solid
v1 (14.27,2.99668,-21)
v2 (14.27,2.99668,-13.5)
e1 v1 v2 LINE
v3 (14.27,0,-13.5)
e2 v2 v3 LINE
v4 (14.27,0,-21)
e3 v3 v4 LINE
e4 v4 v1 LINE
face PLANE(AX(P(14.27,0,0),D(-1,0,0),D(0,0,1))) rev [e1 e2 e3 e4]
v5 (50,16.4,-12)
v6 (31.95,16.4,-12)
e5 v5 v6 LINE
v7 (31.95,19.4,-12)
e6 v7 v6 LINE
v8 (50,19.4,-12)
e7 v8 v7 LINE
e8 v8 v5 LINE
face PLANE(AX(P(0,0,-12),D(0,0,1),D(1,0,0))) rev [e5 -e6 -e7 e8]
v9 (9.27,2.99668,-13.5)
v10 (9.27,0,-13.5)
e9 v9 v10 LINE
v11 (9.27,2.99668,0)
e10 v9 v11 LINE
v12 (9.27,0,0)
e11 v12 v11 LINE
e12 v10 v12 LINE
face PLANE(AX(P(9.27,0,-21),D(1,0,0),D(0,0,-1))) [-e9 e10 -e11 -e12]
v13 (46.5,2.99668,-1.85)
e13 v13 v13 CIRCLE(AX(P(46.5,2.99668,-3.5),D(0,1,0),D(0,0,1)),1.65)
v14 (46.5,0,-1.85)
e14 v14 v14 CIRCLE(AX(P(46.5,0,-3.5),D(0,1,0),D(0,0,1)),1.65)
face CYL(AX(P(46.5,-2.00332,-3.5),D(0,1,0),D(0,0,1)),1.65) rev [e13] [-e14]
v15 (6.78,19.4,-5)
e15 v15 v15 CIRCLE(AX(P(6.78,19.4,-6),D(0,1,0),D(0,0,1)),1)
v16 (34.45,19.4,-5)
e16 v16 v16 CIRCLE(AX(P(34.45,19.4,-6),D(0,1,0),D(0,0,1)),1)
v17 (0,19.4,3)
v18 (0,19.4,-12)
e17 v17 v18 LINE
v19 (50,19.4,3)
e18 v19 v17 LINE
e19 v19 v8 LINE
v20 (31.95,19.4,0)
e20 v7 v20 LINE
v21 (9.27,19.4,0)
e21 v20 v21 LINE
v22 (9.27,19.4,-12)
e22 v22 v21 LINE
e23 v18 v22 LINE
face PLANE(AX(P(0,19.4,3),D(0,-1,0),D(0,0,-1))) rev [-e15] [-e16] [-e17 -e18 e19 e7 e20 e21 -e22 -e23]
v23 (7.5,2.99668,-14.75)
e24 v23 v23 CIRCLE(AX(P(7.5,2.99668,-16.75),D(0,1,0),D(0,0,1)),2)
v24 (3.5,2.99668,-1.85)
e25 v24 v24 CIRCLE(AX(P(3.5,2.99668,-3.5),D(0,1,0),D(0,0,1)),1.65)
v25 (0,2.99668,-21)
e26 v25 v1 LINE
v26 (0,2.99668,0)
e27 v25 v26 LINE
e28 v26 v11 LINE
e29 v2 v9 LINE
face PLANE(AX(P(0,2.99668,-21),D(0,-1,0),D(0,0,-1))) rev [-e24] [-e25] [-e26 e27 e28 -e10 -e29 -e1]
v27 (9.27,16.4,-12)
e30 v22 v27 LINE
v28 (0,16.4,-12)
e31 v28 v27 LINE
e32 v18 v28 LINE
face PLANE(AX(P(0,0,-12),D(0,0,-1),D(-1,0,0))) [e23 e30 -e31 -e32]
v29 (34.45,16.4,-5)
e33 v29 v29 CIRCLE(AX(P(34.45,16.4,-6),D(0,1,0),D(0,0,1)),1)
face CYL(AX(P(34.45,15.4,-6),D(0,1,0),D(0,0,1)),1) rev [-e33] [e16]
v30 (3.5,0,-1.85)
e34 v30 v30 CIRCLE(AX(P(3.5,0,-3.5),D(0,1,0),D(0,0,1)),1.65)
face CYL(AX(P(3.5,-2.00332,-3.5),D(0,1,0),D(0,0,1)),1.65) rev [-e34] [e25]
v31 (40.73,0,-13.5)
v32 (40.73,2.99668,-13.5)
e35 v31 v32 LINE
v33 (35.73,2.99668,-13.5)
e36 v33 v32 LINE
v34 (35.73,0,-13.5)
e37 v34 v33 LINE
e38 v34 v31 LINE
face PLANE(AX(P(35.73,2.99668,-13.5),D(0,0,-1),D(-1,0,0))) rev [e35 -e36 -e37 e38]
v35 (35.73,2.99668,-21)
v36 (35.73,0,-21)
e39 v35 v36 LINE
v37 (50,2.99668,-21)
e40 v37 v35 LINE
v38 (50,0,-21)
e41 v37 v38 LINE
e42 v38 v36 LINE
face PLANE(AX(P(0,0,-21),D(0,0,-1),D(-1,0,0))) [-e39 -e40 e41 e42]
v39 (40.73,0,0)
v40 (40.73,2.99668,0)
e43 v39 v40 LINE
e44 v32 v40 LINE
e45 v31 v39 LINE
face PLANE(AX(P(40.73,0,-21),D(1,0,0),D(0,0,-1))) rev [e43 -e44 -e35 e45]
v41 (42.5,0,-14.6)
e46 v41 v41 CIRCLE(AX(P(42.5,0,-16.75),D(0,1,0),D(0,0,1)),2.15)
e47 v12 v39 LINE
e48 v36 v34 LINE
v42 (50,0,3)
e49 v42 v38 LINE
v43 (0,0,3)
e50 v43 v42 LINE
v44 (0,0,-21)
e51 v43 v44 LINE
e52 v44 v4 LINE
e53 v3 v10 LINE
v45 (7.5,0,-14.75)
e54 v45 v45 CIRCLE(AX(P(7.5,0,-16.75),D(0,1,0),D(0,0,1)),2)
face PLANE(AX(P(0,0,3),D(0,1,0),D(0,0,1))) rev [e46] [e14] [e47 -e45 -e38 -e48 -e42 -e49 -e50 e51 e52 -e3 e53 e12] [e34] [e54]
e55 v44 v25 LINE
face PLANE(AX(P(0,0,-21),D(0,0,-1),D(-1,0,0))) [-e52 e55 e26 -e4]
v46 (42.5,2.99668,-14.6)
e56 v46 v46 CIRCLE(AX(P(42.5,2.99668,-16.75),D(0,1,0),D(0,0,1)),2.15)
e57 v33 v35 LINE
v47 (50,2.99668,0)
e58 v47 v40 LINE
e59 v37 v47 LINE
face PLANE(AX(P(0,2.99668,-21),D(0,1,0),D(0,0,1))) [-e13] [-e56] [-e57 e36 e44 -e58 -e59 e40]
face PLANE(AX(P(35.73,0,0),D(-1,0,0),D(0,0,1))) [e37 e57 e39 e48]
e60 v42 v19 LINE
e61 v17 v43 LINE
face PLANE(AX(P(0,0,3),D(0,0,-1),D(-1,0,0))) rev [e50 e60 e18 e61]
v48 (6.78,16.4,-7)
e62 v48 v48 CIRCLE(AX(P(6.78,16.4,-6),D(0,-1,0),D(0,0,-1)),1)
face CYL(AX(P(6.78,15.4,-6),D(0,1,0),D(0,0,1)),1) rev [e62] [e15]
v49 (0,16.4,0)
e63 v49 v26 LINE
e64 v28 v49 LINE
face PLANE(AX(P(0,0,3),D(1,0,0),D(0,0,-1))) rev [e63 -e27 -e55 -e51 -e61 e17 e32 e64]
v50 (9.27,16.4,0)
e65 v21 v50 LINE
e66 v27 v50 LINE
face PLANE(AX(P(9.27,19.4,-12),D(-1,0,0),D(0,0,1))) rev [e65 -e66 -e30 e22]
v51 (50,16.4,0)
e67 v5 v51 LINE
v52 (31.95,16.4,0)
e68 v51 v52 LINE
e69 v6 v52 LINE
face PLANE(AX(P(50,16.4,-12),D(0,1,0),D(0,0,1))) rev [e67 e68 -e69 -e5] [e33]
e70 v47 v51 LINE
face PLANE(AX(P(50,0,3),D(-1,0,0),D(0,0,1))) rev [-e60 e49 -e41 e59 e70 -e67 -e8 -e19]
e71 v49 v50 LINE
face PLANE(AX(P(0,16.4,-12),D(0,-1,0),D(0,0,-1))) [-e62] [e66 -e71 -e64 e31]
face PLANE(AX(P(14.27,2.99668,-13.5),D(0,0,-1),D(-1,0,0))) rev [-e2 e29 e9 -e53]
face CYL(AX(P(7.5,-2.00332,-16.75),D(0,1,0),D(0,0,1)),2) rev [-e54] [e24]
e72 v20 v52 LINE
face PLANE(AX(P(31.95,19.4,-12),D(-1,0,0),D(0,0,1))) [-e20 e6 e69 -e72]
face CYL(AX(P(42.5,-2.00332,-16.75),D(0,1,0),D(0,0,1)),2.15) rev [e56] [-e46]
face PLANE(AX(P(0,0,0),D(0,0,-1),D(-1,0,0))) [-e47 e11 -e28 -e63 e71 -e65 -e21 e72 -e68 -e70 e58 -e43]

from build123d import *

# Parameters (mm, degrees)
SKETCH_1_W          = 50
SKETCH_1_H          = 19.4
EXTRUDE_1_DEPTH     = 3
SKETCH_2_W          = 18.05
SKETCH_2_H          = 3
SKETCH_2_W_2        = 9.27
EXTRUDE_3_DEPTH     = 12
SKETCH_5_R          = 1
CUT_EXTRUDE_1_DEPTH = 4
SKETCH_6_W          = 9.27
SKETCH_6_H          = 2.996679997
EXTRUDE_5_DEPTH     = 21
SKETCH_9_W          = 7.5
SKETCH_9_H          = 2.996679997
EXTRUDE_6_DEPTH     = 5
SKETCH_10_W         = 7.5
SKETCH_10_H         = 2.996679997
EXTRUDE_7_DEPTH     = 5
SKETCH_11_R         = 2.15
SKETCH_11_R_2       = 1.65
CUT_EXTRUDE_3_DEPTH = 5
SKETCH_12_R         = 2
SKETCH_12_R_2       = 1.65
CUT_EXTRUDE_4_DEPTH = 5


with BuildPart() as part:
    # 草图1 → 凸台-拉伸1 (new body)
    with BuildSketch(Plane.XY):
        with Locations((25, 9.7)):
            Rectangle(SKETCH_1_W, SKETCH_1_H)
    extrude(amount=EXTRUDE_1_DEPTH)

    # 草图2 → 凸台-拉伸3 (add)
    with BuildSketch(Plane(origin=(0, 0, 0), x_dir=(-1, 0, 0), z_dir=(0, 0, -1))):
        with Locations((-40.975, 17.9)):
            Rectangle(SKETCH_2_W, SKETCH_2_H)
        with Locations((-4.635, 17.9)):
            Rectangle(SKETCH_2_W_2, SKETCH_2_H)
    extrude(amount=EXTRUDE_3_DEPTH)

    # 草图5 → 切除-拉伸1 (cut)
    with BuildSketch(Plane(origin=(0, 19.4, 0), x_dir=(1, 0, 0), z_dir=(0, 1, 0))):
        with Locations((34.45, 6)):
            Circle(SKETCH_5_R)
        with Locations((6.78, 6)):
            Circle(SKETCH_5_R)
    extrude(amount=-CUT_EXTRUDE_1_DEPTH, mode=Mode.SUBTRACT)

    # 草图6 → 凸台-拉伸5 (add)
    with BuildSketch(Plane(origin=(0, 0, 0), x_dir=(-1, 0, 0), z_dir=(0, 0, -1))):
        with Locations((-45.365, 1.498339999)):
            Rectangle(SKETCH_6_W, SKETCH_6_H)
        with Locations((-4.635, 1.498339999)):
            Rectangle(SKETCH_6_W, SKETCH_6_H)
    extrude(amount=EXTRUDE_5_DEPTH)

    # 草图9 → 凸台-拉伸6 (add)
    with BuildSketch(Plane(origin=(9.27, 0, 0), x_dir=(0, 0, -1), z_dir=(1, 0, 0))):
        with Locations((17.25, 1.498339999)):
            Rectangle(SKETCH_9_W, SKETCH_9_H)
    extrude(amount=EXTRUDE_6_DEPTH)

    # 草图10 → 凸台-拉伸7 (add)
    with BuildSketch(Plane.ZY.offset(-40.73)):
        with Locations((-17.25, 1.498339999)):
            Rectangle(SKETCH_10_W, SKETCH_10_H)
    extrude(amount=EXTRUDE_7_DEPTH)

    # 草图11 → 切除-拉伸3 (cut)
    with BuildSketch(Plane(origin=(0, 2.996679997, 0), x_dir=(1, 0, 0), z_dir=(0, 1, 0))):
        with Locations((42.5, 16.75)):
            Circle(SKETCH_11_R)
        with Locations((46.5, 3.5)):
            Circle(SKETCH_11_R_2)
    extrude(amount=-CUT_EXTRUDE_3_DEPTH, mode=Mode.SUBTRACT)

    # 草图12 → 切除-拉伸4 (cut)
    with BuildSketch(Plane(origin=(0, 2.996679997, 0), x_dir=(1, 0, 0), z_dir=(0, 1, 0))):
        with Locations((7.5, 16.75)):
            Circle(SKETCH_12_R)
        with Locations((3.5, 3.5)):
            Circle(SKETCH_12_R_2)
    extrude(amount=-CUT_EXTRUDE_4_DEPTH, mode=Mode.SUBTRACT)


solid = part.part
